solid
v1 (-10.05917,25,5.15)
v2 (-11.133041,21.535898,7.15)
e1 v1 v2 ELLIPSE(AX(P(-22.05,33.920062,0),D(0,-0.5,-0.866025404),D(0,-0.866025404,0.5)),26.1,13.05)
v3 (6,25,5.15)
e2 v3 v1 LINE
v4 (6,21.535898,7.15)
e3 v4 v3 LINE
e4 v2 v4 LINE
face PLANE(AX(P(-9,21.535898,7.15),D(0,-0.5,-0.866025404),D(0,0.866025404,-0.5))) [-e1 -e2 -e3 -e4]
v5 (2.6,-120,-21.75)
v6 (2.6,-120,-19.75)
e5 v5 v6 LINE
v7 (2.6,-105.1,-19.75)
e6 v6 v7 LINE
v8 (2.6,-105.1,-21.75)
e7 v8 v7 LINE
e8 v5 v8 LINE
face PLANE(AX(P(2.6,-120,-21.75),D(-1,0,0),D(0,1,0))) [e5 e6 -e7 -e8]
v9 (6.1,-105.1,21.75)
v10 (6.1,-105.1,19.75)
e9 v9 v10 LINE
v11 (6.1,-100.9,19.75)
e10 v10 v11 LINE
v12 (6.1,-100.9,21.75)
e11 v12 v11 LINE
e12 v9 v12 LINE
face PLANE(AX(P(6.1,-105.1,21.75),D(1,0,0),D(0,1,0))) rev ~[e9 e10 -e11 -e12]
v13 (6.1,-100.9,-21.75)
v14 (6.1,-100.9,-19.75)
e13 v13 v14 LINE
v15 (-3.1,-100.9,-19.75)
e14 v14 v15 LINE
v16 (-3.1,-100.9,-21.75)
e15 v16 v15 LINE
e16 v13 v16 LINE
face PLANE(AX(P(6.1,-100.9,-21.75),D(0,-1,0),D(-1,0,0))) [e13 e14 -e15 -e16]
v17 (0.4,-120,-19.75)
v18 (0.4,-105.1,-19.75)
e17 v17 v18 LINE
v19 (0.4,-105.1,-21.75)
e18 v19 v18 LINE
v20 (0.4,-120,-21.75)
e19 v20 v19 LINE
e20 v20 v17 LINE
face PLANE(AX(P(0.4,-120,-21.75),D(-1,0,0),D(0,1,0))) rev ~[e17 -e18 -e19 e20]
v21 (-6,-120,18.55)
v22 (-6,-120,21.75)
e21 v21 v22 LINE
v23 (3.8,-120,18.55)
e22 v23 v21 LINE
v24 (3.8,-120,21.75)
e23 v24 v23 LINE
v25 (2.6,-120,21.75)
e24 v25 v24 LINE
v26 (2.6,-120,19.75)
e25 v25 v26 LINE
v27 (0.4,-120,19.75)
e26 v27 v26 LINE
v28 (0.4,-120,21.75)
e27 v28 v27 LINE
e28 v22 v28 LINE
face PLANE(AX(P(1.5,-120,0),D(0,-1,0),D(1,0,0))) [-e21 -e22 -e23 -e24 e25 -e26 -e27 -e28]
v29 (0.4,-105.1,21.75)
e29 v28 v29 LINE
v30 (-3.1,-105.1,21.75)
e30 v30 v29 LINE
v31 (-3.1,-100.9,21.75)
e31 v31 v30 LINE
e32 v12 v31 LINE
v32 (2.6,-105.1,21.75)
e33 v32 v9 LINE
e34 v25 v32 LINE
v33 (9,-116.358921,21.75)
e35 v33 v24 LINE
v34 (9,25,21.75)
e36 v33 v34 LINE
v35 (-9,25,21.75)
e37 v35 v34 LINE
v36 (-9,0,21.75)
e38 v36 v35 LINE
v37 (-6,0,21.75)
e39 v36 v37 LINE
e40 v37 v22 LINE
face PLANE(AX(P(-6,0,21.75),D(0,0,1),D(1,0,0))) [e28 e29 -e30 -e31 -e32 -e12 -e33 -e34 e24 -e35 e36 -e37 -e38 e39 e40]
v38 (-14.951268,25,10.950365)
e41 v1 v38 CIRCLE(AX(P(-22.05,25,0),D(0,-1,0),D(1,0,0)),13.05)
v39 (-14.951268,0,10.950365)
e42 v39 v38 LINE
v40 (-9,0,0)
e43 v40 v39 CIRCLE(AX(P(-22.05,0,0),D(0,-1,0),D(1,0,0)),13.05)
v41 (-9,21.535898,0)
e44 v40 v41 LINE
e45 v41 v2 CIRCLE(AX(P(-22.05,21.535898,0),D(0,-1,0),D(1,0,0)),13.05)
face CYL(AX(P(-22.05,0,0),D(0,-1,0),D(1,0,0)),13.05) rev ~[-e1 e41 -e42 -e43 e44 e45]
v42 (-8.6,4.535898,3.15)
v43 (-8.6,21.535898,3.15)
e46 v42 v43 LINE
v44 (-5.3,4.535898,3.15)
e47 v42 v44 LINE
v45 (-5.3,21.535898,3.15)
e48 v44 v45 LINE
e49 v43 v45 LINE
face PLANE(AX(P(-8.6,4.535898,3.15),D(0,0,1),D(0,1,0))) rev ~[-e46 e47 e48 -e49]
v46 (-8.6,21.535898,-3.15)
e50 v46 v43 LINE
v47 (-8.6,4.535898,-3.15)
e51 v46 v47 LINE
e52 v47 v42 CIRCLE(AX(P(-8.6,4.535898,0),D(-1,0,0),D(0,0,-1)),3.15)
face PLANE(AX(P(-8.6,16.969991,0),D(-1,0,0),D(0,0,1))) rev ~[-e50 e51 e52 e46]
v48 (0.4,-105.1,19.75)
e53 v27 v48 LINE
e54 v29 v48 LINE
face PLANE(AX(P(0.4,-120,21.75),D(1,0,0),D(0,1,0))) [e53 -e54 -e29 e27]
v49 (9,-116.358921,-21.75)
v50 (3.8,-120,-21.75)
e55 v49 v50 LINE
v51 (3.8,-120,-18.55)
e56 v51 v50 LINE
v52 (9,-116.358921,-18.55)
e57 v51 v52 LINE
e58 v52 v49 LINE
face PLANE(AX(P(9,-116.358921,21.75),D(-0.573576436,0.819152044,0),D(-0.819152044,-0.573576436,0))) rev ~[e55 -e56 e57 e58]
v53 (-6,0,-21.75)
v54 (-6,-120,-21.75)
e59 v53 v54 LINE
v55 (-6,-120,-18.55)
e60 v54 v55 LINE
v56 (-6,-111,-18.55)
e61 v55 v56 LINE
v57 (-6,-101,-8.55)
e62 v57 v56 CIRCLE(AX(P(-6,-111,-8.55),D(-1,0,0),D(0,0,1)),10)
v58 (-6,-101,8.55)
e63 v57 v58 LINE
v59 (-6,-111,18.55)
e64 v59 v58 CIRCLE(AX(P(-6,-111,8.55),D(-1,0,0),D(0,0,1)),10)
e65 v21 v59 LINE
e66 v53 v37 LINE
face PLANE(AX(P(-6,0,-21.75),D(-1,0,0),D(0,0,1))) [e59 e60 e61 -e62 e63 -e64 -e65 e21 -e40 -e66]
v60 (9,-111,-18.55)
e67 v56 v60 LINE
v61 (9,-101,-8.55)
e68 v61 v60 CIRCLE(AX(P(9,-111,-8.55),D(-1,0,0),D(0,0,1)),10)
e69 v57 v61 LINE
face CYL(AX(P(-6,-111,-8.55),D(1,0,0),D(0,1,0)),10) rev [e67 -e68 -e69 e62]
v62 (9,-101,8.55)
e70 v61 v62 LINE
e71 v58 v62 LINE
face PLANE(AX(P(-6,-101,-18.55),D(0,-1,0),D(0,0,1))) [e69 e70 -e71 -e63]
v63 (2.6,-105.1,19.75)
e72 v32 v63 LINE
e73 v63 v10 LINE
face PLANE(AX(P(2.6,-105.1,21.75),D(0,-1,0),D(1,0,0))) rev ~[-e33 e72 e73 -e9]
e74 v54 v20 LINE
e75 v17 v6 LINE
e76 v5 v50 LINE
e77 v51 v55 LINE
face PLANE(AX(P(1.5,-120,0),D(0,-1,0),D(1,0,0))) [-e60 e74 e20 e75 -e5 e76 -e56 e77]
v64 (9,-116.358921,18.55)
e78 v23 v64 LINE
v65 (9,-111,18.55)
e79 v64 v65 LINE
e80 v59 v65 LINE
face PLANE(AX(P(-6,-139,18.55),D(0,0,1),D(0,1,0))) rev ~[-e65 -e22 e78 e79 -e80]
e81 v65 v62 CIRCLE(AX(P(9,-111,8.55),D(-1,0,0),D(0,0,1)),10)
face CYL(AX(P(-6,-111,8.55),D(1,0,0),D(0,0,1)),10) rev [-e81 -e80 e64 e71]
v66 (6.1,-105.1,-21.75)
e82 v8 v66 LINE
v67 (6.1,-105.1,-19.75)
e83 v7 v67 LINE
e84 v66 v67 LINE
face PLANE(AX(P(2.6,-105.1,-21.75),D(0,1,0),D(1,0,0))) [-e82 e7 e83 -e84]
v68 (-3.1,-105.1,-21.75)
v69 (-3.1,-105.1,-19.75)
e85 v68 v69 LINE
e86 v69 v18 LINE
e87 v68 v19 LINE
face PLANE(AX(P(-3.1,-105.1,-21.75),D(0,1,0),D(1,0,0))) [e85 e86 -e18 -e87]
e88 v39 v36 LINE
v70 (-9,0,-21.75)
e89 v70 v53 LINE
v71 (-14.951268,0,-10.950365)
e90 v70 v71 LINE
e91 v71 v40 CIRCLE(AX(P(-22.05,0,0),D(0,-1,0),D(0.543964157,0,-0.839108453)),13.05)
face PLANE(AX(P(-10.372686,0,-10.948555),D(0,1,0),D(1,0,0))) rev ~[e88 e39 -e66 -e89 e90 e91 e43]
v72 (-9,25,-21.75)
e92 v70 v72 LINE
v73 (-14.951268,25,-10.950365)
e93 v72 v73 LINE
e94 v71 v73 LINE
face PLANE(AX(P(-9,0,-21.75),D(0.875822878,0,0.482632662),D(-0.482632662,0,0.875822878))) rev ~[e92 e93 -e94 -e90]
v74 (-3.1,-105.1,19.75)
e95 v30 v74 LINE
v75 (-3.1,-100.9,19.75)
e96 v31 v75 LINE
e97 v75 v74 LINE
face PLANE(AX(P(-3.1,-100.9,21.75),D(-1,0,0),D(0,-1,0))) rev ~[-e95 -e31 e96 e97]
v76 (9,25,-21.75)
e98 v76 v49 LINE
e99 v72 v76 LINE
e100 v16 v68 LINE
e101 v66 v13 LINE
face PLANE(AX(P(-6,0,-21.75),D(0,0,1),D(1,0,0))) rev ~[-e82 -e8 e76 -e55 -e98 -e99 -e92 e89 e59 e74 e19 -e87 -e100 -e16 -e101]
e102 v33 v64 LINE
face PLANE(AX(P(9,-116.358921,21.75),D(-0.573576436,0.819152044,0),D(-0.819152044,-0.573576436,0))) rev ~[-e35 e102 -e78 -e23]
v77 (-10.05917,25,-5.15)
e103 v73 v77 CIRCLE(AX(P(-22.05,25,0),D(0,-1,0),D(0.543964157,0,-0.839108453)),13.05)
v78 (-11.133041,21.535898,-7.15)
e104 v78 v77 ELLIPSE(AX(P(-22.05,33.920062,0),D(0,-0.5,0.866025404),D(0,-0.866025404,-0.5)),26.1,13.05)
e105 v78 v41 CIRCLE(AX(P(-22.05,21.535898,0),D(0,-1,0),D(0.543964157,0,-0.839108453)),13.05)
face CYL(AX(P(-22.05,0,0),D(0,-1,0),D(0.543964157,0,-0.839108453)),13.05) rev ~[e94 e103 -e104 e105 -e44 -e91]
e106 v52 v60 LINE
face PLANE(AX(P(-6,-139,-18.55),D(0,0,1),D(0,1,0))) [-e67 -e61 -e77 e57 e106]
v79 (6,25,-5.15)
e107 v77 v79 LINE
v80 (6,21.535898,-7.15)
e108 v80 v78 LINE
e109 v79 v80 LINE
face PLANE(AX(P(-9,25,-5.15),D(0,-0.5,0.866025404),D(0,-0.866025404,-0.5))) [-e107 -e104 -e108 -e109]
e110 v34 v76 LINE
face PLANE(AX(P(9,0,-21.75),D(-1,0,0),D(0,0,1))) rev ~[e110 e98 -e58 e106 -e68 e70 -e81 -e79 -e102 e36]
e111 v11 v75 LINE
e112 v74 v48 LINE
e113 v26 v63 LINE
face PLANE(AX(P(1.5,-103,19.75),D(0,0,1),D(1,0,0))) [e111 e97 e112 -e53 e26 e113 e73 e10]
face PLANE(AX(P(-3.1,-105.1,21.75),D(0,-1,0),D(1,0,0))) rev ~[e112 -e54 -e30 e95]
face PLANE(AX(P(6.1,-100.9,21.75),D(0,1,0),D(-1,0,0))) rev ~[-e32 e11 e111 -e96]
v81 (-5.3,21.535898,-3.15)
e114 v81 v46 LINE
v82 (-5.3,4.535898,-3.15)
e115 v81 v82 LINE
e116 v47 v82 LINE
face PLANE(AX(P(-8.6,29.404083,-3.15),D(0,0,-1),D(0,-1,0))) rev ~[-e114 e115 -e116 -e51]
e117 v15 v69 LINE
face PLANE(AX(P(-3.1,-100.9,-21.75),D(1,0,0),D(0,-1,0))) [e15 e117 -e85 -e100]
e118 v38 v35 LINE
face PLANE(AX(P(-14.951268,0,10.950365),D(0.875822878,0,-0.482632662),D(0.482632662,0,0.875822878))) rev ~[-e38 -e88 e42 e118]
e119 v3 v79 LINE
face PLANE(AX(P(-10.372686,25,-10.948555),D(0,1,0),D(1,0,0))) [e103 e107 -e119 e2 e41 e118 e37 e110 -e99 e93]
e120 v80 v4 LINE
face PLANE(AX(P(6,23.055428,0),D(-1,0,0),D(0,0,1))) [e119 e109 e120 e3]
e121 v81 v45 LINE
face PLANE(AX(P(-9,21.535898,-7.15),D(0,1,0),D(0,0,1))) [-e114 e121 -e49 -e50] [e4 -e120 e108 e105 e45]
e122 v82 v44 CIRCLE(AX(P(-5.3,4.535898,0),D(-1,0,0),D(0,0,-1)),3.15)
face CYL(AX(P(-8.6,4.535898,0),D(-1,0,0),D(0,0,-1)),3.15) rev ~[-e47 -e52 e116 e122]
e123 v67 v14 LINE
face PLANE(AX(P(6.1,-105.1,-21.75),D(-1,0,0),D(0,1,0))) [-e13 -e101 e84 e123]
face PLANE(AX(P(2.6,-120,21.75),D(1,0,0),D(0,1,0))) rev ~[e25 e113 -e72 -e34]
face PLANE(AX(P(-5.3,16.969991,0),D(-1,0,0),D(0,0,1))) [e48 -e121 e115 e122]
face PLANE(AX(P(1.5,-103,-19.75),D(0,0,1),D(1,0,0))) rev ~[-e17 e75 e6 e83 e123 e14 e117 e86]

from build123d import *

# Parameters (mm, degrees)
SKETCH2_W               = 18
SKETCH2_H               = 43.5
BOSS_EXTRUDE1_DEPTH     = 25
CUT_EXTRUDE1_DEPTH      = 15
CUT_EXTRUDE1_DEPTH_BACK = 6.951267747
CUT_EXTRUDE2_START      = 0.4
CUT_EXTRUDE2_DEPTH      = 3.3
SKETCH5_W               = 15
SKETCH5_H               = 43.5
BOSS_EXTRUDE2_DEPTH     = 120
SKETCH6_W               = 2.2
SKETCH6_H               = 14.9
CUT_EXTRUDE3_DEPTH      = 2
CUT_EXTRUDE4_START      = -43.5
SKETCH6_3_W             = 2.2
SKETCH6_3_H             = 14.9
CUT_EXTRUDE4_DEPTH      = 2
CUT_EXTRUDE5_DEPTH      = 44.5
SKETCH8_W               = 37.1
SKETCH8_H               = 38
CUT_EXTRUDE6_DEPTH      = 16
FILLET1_R               = 10


with BuildPart() as part:
    # Sketch2 → Boss-Extrude1 (new body)
    with BuildSketch(Plane(origin=(0, 0, 0), x_dir=(1, 0, 0), z_dir=(0, 1, 0))):
        with BuildLine():
            Line((-9, 0), (-9, 21.75))
            Line((-9, 21.75), (-14.951267747, 10.950365309))
            ThreePointArc((-14.951267747, 10.950365309), (-10.583942354, 6.231534486), (-9, 0))
        make_face()
        with BuildLine():
            Line((-9, -21.75), (-9, 0))
            ThreePointArc((-9, 0), (-10.583942354, -6.231534486), (-14.951267747, -10.950365309))
            Line((-14.951267747, -10.950365309), (-9, -21.75))
        make_face()
        Rectangle(SKETCH2_W, SKETCH2_H)
    extrude(amount=BOSS_EXTRUDE1_DEPTH)

    # Sketch3 → Cut-Extrude1 (cut, two sides)
    with BuildSketch(Plane(origin=(-9, 0, 0), x_dir=(0, 0, -1), z_dir=(1, 0, 0))) as cut_extrude1_sk:
        Polygon((-5.15, 25), (5.15, 25), (7.15, 21.535898385), (-7.15, 21.535898385), align=None)
    extrude(amount=CUT_EXTRUDE1_DEPTH, mode=Mode.SUBTRACT)
    extrude(cut_extrude1_sk.sketch, amount=-CUT_EXTRUDE1_DEPTH_BACK, mode=Mode.SUBTRACT)

    # Sketch4 → Cut-Extrude2 (cut)
    with BuildSketch(Plane(origin=(-9, 0, 0), x_dir=(0, 0, -1), z_dir=(1, 0, 0)).offset(CUT_EXTRUDE2_START)):
        with BuildLine():
            Line((3.15, 29.404082691), (3.15, 4.535898385))
            ThreePointArc((3.15, 4.535898385), (0, 1.385898385), (-3.15, 4.535898385))
            Line((-3.15, 4.535898385), (-3.15, 29.404082691))
            ThreePointArc((-3.15, 29.404082691), (0, 32.554082691), (3.15, 29.404082691))
        make_face()
    extrude(amount=CUT_EXTRUDE2_DEPTH, mode=Mode.SUBTRACT)

    # Sketch5 → Boss-Extrude2 (add)
    with BuildSketch(Plane.XZ):
        with Locations((1.5, 0)):
            Rectangle(SKETCH5_W, SKETCH5_H)
    extrude(amount=BOSS_EXTRUDE2_DEPTH)

    # Sketch6 → Cut-Extrude3 (cut)
    with BuildSketch(Plane.XY.offset(21.75)):
        Polygon((-3.1, -105.1), (0.4, -105.1), (2.6, -105.1), (6.1, -105.1), (6.1, -100.9), (-3.1, -100.9), align=None)
        with Locations((1.5, -112.55)):
            Rectangle(SKETCH6_W, SKETCH6_H)
    extrude(amount=-CUT_EXTRUDE3_DEPTH, mode=Mode.SUBTRACT)

    # Sketch6<3> → Cut-Extrude4 (cut)
    with BuildSketch(Plane.XY.offset(21.75).offset(CUT_EXTRUDE4_START)):
        Polygon((-3.1, -105.1), (0.4, -105.1), (2.6, -105.1), (6.1, -105.1), (6.1, -100.9), (-3.1, -100.9), align=None)
        with Locations((1.5, -112.55)):
            Rectangle(SKETCH6_3_W, SKETCH6_3_H)
    extrude(amount=CUT_EXTRUDE4_DEPTH, mode=Mode.SUBTRACT)

    # Sketch7 → Cut-Extrude5 (cut, through all)
    with BuildSketch(Plane.XY.offset(21.75)):
        Polygon((9, -116.358920801), (3.8, -120), (9, -120), align=None)
    extrude(amount=-CUT_EXTRUDE5_DEPTH, mode=Mode.SUBTRACT)

    # Sketch8 → Cut-Extrude6 (cut, through all)
    with BuildSketch(Plane.ZY.offset(6)):
        with Locations((0, -120)):
            Rectangle(SKETCH8_W, SKETCH8_H)
    extrude(amount=-CUT_EXTRUDE6_DEPTH, mode=Mode.SUBTRACT)

    # Fillet1
    fillet1_edges = [part.edges().sort_by_distance(p)[0] for p in [
        (1.5, -101, 18.55),
        (1.5, -101, -18.55),
    ]]
    fillet(fillet1_edges, radius=FILLET1_R)


solid = part.part
